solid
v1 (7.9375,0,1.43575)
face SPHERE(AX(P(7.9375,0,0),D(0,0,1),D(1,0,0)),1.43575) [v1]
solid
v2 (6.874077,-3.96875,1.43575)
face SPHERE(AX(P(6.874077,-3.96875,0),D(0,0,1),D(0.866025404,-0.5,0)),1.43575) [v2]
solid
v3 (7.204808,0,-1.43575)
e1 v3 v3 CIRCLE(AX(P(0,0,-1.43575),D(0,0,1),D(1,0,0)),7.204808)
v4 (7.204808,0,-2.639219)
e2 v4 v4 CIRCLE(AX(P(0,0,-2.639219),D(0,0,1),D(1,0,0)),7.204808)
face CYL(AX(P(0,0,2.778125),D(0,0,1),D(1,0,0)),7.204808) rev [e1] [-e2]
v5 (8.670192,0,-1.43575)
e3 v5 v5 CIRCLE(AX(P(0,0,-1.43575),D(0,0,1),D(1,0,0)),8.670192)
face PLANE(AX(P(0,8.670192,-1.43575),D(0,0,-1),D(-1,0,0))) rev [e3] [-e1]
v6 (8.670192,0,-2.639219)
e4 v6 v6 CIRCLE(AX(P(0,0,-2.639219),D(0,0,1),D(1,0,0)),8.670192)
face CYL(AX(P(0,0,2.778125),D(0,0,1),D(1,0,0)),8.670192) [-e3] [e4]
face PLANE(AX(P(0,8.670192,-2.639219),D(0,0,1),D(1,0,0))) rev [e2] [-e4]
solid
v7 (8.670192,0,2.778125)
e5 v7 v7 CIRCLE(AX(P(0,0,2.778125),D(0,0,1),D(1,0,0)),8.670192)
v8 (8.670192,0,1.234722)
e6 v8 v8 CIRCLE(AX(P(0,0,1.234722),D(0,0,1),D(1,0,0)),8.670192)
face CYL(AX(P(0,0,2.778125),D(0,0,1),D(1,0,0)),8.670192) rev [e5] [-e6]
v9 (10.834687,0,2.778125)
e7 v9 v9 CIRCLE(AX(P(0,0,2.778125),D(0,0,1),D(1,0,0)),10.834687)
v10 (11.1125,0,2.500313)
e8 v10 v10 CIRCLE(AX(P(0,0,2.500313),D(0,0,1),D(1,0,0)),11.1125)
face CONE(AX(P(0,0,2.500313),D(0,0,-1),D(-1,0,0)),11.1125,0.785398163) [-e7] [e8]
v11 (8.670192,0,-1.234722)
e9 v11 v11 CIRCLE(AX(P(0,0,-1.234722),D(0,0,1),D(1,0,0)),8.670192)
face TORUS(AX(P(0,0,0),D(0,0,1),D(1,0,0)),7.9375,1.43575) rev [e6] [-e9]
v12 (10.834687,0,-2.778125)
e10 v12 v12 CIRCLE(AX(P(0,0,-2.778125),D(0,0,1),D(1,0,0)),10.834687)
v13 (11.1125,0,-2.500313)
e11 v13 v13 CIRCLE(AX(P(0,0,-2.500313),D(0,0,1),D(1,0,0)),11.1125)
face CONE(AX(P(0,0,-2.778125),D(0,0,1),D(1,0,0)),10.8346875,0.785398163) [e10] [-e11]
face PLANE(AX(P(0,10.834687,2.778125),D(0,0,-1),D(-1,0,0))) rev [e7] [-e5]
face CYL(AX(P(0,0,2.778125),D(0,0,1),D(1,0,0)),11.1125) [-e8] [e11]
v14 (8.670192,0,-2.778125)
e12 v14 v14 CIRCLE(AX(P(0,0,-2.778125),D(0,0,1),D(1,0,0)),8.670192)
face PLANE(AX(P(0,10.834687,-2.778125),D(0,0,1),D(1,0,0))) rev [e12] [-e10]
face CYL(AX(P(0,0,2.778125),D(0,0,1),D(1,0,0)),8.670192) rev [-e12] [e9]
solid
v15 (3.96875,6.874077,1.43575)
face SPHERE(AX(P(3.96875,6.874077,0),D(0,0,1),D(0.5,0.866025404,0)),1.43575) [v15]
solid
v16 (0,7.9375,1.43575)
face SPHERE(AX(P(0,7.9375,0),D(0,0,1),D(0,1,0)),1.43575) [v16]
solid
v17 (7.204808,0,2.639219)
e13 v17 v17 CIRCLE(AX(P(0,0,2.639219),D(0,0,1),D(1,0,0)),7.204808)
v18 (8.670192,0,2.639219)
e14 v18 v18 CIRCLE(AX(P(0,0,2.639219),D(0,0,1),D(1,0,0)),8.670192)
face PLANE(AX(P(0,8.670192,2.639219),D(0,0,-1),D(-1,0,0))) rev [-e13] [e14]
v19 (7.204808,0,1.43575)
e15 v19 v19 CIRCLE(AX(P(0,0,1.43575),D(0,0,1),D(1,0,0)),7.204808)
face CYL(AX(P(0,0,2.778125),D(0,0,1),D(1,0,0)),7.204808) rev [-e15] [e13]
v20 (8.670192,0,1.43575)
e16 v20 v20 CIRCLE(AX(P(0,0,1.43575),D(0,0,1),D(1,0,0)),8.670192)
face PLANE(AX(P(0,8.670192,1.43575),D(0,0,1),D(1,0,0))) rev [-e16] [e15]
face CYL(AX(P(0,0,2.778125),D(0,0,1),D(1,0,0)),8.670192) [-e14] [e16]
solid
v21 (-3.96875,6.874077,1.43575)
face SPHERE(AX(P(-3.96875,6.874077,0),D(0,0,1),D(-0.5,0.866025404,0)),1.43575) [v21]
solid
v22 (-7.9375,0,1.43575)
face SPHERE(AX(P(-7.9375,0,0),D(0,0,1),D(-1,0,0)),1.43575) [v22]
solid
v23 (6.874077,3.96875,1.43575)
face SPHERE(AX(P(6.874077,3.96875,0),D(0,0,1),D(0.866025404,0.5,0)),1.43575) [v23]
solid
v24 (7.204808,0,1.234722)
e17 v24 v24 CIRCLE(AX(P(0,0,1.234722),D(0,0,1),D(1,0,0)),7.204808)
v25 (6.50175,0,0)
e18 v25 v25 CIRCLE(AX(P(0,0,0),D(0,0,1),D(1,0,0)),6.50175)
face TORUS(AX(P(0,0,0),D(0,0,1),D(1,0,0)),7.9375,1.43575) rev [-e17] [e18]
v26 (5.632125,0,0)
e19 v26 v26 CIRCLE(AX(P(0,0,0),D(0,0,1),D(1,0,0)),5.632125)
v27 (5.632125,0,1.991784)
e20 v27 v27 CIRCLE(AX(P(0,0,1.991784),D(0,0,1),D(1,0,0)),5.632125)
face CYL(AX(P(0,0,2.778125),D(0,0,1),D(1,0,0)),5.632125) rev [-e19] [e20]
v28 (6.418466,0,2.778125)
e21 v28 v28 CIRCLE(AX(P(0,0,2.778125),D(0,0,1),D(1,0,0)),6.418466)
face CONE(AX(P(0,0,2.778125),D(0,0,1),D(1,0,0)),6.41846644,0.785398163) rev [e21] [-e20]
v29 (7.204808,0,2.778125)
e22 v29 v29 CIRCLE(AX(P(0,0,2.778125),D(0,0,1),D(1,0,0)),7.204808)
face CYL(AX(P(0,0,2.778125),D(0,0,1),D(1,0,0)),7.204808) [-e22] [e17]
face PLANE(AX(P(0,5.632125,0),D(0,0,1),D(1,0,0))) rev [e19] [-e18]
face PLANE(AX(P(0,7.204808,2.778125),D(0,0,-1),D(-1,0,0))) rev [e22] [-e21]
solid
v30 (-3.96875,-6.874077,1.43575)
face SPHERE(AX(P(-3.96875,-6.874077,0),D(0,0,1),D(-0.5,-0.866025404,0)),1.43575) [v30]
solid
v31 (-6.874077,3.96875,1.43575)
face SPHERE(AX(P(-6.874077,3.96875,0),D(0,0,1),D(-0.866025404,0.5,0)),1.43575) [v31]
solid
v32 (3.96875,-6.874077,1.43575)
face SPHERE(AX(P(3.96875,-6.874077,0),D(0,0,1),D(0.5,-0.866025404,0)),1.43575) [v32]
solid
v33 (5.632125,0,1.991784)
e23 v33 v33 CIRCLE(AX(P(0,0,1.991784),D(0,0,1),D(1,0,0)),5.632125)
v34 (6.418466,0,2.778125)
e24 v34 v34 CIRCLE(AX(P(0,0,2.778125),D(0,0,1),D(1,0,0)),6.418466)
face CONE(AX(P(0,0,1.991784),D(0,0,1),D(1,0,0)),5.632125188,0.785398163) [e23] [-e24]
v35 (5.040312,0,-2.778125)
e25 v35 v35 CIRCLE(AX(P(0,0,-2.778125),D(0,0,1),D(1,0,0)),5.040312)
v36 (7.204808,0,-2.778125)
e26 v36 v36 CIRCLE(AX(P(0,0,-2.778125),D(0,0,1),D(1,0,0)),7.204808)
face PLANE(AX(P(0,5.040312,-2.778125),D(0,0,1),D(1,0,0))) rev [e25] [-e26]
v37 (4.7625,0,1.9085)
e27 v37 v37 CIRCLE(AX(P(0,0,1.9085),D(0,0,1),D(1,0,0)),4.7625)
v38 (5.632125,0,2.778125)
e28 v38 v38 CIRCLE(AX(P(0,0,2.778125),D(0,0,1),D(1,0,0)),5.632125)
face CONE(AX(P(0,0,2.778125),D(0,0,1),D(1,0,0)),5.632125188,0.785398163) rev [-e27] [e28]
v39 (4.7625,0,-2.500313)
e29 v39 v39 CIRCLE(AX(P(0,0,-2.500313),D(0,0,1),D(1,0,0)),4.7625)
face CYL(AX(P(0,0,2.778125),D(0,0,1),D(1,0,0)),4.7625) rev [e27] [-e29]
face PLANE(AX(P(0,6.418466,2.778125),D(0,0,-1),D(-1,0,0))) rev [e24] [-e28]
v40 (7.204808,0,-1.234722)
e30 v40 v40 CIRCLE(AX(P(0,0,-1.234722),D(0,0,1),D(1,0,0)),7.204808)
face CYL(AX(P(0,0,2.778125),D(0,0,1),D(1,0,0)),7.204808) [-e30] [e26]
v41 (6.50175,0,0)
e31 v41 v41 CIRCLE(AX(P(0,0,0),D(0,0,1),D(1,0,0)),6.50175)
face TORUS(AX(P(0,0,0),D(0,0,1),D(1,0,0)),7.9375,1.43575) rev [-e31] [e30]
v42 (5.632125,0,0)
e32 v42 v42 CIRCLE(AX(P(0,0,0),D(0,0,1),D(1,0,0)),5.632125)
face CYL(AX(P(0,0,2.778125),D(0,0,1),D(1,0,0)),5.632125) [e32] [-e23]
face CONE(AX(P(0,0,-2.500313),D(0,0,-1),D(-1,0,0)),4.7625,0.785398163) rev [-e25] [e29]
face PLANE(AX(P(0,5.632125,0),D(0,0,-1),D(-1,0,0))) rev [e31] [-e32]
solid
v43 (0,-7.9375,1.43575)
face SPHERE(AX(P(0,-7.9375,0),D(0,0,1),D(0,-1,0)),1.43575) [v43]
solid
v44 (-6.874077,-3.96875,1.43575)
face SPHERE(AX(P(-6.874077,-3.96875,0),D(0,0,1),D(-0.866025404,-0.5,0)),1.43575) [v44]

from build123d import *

# Parameters (mm, degrees)
CIRPATTERN1_COUNT = 12
SKETCH5_W         = 1.203469126
SKETCH5_H         = 1.465384616


with BuildPart() as part:
    # Sketch1 → Revolve1 (revolve)
    with BuildSketch(Plane(origin=(0, 0, 0), x_dir=(0, 0, -1), z_dir=(1, 0, 0))):
        with BuildLine():
            Line((2.5003125, 11.1125), (-2.5003125, 11.1125))
            Line((-2.5003125, 11.1125), (-2.778125, 10.8346875))
            Line((-2.778125, 10.8346875), (-2.778125, 8.670192308))
            Line((-2.778125, 8.670192308), (-1.234722222, 8.670192308))
            ThreePointArc((-1.234722222, 8.670192308), (0, 9.373249624), (1.234722222, 8.670192308))
            Line((1.234722222, 8.670192308), (2.778125, 8.670192308))
            Line((2.778125, 8.670192308), (2.778125, 10.8346875))
            Line((2.778125, 10.8346875), (2.5003125, 11.1125))
        make_face()
    revolve(axis=Axis((0, 0, 2.778125), (0, 0, -1)))


with BuildPart() as body_2:
    # Sketch2 → Revolve2 (revolve)
    with BuildSketch(Plane(origin=(0, 0, 0), x_dir=(0, 0, -1), z_dir=(1, 0, 0))):
        with BuildLine():
            Line((-2.778125, 7.204807692), (-1.234722222, 7.204807692))
            ThreePointArc((-1.234722222, 7.204807692), (-0.710427434, 6.689834242), (0, 6.501750376))
            Line((0, 6.501750376), (0, 5.632125188))
            Line((0, 5.632125188), (-1.991783748, 5.632125188))
            Line((-1.991783748, 5.632125188), (-2.778125, 6.41846644))
            Line((-2.778125, 6.41846644), (-2.778125, 7.204807692))
        make_face()
    revolve(axis=Axis((0, 0, 2.778125), (0, 0, -1)))


with BuildPart() as body_3:
    # Sketch3 → Revolve3 (revolve)
    with BuildSketch(Plane(origin=(0, 0, 0), x_dir=(0, 0, -1), z_dir=(1, 0, 0))):
        with BuildLine():
            Line((-2.778125, 6.41846644), (-1.991783748, 5.632125188))
            Line((-1.991783748, 5.632125188), (0, 5.632125188))
            Line((0, 5.632125188), (0, 6.501750376))
            ThreePointArc((0, 6.501750376), (0.710427434, 6.689834242), (1.234722222, 7.204807692))
            Line((1.234722222, 7.204807692), (2.778125, 7.204807692))
            Line((2.778125, 7.204807692), (2.778125, 5.0403125))
            Line((2.778125, 5.0403125), (2.5003125, 4.7625))
            Line((2.5003125, 4.7625), (-1.908499812, 4.7625))
            Line((-1.908499812, 4.7625), (-2.778125, 5.632125188))
            Line((-2.778125, 5.632125188), (-2.778125, 6.41846644))
        make_face()
    revolve(axis=Axis((0, 0, 2.778125), (0, 0, -1)))


with BuildPart() as body_4:
    # Sketch4 → Revolve4 (revolve)
    with BuildSketch(Plane(origin=(0, 0, 0), x_dir=(0, 0, -1), z_dir=(1, 0, 0))):
        with BuildLine():
            Line((-1.435749624, 7.9375), (1.435749624, 7.9375))
            ThreePointArc((1.435749624, 7.9375), (0, 9.373249624), (-1.435749624, 7.9375))
        make_face()
    revolve(axis=Axis((0, 7.9375, 1.435749624), (0, 0, -1)))


with BuildPart() as cirpattern1_1:
    # CirPattern1: pattern copy
    add(body_4.part.rotate(Axis((0, 0, -2.778125), (0, 0, 1)), 1 * 360 / CIRPATTERN1_COUNT))


with BuildPart() as cirpattern1_2:
    # CirPattern1: pattern copy
    add(body_4.part.rotate(Axis((0, 0, -2.778125), (0, 0, 1)), 2 * 360 / CIRPATTERN1_COUNT))


with BuildPart() as cirpattern1_3:
    # CirPattern1: pattern copy
    add(body_4.part.rotate(Axis((0, 0, -2.778125), (0, 0, 1)), 3 * 360 / CIRPATTERN1_COUNT))


with BuildPart() as cirpattern1_4:
    # CirPattern1: pattern copy
    add(body_4.part.rotate(Axis((0, 0, -2.778125), (0, 0, 1)), 4 * 360 / CIRPATTERN1_COUNT))


with BuildPart() as cirpattern1_5:
    # CirPattern1: pattern copy
    add(body_4.part.rotate(Axis((0, 0, -2.778125), (0, 0, 1)), 5 * 360 / CIRPATTERN1_COUNT))


with BuildPart() as cirpattern1_6:
    # CirPattern1: pattern copy
    add(body_4.part.rotate(Axis((0, 0, -2.778125), (0, 0, 1)), 6 * 360 / CIRPATTERN1_COUNT))


with BuildPart() as cirpattern1_7:
    # CirPattern1: pattern copy
    add(body_4.part.rotate(Axis((0, 0, -2.778125), (0, 0, 1)), 7 * 360 / CIRPATTERN1_COUNT))


with BuildPart() as cirpattern1_8:
    # CirPattern1: pattern copy
    add(body_4.part.rotate(Axis((0, 0, -2.778125), (0, 0, 1)), 8 * 360 / CIRPATTERN1_COUNT))


with BuildPart() as cirpattern1_9:
    # CirPattern1: pattern copy
    add(body_4.part.rotate(Axis((0, 0, -2.778125), (0, 0, 1)), 9 * 360 / CIRPATTERN1_COUNT))


with BuildPart() as cirpattern1_10:
    # CirPattern1: pattern copy
    add(body_4.part.rotate(Axis((0, 0, -2.778125), (0, 0, 1)), 10 * 360 / CIRPATTERN1_COUNT))


with BuildPart() as cirpattern1_11:
    # CirPattern1: pattern copy
    add(body_4.part.rotate(Axis((0, 0, -2.778125), (0, 0, 1)), 11 * 360 / CIRPATTERN1_COUNT))


with BuildPart() as body_16:
    # Sketch5 → Revolve5 (revolve)
    with BuildSketch(Plane(origin=(0, 0, 0), x_dir=(0, 0, -1), z_dir=(1, 0, 0))):
        with Locations((-2.037484187, 7.9375)):
            Rectangle(SKETCH5_W, SKETCH5_H)
        with Locations((2.037484187, 7.9375)):
            Rectangle(SKETCH5_W, SKETCH5_H)
    revolve(axis=Axis((0, 0, 2.778125), (0, 0, -1)))


solid = Compound([part.part, body_2.part, body_3.part, body_4.part, cirpattern1_1.part, cirpattern1_2.part, cirpattern1_3.part, cirpattern1_4.part, cirpattern1_5.part, cirpattern1_6.part, cirpattern1_7.part, cirpattern1_8.part, cirpattern1_9.part, cirpattern1_10.part, cirpattern1_11.part, body_16.part])
